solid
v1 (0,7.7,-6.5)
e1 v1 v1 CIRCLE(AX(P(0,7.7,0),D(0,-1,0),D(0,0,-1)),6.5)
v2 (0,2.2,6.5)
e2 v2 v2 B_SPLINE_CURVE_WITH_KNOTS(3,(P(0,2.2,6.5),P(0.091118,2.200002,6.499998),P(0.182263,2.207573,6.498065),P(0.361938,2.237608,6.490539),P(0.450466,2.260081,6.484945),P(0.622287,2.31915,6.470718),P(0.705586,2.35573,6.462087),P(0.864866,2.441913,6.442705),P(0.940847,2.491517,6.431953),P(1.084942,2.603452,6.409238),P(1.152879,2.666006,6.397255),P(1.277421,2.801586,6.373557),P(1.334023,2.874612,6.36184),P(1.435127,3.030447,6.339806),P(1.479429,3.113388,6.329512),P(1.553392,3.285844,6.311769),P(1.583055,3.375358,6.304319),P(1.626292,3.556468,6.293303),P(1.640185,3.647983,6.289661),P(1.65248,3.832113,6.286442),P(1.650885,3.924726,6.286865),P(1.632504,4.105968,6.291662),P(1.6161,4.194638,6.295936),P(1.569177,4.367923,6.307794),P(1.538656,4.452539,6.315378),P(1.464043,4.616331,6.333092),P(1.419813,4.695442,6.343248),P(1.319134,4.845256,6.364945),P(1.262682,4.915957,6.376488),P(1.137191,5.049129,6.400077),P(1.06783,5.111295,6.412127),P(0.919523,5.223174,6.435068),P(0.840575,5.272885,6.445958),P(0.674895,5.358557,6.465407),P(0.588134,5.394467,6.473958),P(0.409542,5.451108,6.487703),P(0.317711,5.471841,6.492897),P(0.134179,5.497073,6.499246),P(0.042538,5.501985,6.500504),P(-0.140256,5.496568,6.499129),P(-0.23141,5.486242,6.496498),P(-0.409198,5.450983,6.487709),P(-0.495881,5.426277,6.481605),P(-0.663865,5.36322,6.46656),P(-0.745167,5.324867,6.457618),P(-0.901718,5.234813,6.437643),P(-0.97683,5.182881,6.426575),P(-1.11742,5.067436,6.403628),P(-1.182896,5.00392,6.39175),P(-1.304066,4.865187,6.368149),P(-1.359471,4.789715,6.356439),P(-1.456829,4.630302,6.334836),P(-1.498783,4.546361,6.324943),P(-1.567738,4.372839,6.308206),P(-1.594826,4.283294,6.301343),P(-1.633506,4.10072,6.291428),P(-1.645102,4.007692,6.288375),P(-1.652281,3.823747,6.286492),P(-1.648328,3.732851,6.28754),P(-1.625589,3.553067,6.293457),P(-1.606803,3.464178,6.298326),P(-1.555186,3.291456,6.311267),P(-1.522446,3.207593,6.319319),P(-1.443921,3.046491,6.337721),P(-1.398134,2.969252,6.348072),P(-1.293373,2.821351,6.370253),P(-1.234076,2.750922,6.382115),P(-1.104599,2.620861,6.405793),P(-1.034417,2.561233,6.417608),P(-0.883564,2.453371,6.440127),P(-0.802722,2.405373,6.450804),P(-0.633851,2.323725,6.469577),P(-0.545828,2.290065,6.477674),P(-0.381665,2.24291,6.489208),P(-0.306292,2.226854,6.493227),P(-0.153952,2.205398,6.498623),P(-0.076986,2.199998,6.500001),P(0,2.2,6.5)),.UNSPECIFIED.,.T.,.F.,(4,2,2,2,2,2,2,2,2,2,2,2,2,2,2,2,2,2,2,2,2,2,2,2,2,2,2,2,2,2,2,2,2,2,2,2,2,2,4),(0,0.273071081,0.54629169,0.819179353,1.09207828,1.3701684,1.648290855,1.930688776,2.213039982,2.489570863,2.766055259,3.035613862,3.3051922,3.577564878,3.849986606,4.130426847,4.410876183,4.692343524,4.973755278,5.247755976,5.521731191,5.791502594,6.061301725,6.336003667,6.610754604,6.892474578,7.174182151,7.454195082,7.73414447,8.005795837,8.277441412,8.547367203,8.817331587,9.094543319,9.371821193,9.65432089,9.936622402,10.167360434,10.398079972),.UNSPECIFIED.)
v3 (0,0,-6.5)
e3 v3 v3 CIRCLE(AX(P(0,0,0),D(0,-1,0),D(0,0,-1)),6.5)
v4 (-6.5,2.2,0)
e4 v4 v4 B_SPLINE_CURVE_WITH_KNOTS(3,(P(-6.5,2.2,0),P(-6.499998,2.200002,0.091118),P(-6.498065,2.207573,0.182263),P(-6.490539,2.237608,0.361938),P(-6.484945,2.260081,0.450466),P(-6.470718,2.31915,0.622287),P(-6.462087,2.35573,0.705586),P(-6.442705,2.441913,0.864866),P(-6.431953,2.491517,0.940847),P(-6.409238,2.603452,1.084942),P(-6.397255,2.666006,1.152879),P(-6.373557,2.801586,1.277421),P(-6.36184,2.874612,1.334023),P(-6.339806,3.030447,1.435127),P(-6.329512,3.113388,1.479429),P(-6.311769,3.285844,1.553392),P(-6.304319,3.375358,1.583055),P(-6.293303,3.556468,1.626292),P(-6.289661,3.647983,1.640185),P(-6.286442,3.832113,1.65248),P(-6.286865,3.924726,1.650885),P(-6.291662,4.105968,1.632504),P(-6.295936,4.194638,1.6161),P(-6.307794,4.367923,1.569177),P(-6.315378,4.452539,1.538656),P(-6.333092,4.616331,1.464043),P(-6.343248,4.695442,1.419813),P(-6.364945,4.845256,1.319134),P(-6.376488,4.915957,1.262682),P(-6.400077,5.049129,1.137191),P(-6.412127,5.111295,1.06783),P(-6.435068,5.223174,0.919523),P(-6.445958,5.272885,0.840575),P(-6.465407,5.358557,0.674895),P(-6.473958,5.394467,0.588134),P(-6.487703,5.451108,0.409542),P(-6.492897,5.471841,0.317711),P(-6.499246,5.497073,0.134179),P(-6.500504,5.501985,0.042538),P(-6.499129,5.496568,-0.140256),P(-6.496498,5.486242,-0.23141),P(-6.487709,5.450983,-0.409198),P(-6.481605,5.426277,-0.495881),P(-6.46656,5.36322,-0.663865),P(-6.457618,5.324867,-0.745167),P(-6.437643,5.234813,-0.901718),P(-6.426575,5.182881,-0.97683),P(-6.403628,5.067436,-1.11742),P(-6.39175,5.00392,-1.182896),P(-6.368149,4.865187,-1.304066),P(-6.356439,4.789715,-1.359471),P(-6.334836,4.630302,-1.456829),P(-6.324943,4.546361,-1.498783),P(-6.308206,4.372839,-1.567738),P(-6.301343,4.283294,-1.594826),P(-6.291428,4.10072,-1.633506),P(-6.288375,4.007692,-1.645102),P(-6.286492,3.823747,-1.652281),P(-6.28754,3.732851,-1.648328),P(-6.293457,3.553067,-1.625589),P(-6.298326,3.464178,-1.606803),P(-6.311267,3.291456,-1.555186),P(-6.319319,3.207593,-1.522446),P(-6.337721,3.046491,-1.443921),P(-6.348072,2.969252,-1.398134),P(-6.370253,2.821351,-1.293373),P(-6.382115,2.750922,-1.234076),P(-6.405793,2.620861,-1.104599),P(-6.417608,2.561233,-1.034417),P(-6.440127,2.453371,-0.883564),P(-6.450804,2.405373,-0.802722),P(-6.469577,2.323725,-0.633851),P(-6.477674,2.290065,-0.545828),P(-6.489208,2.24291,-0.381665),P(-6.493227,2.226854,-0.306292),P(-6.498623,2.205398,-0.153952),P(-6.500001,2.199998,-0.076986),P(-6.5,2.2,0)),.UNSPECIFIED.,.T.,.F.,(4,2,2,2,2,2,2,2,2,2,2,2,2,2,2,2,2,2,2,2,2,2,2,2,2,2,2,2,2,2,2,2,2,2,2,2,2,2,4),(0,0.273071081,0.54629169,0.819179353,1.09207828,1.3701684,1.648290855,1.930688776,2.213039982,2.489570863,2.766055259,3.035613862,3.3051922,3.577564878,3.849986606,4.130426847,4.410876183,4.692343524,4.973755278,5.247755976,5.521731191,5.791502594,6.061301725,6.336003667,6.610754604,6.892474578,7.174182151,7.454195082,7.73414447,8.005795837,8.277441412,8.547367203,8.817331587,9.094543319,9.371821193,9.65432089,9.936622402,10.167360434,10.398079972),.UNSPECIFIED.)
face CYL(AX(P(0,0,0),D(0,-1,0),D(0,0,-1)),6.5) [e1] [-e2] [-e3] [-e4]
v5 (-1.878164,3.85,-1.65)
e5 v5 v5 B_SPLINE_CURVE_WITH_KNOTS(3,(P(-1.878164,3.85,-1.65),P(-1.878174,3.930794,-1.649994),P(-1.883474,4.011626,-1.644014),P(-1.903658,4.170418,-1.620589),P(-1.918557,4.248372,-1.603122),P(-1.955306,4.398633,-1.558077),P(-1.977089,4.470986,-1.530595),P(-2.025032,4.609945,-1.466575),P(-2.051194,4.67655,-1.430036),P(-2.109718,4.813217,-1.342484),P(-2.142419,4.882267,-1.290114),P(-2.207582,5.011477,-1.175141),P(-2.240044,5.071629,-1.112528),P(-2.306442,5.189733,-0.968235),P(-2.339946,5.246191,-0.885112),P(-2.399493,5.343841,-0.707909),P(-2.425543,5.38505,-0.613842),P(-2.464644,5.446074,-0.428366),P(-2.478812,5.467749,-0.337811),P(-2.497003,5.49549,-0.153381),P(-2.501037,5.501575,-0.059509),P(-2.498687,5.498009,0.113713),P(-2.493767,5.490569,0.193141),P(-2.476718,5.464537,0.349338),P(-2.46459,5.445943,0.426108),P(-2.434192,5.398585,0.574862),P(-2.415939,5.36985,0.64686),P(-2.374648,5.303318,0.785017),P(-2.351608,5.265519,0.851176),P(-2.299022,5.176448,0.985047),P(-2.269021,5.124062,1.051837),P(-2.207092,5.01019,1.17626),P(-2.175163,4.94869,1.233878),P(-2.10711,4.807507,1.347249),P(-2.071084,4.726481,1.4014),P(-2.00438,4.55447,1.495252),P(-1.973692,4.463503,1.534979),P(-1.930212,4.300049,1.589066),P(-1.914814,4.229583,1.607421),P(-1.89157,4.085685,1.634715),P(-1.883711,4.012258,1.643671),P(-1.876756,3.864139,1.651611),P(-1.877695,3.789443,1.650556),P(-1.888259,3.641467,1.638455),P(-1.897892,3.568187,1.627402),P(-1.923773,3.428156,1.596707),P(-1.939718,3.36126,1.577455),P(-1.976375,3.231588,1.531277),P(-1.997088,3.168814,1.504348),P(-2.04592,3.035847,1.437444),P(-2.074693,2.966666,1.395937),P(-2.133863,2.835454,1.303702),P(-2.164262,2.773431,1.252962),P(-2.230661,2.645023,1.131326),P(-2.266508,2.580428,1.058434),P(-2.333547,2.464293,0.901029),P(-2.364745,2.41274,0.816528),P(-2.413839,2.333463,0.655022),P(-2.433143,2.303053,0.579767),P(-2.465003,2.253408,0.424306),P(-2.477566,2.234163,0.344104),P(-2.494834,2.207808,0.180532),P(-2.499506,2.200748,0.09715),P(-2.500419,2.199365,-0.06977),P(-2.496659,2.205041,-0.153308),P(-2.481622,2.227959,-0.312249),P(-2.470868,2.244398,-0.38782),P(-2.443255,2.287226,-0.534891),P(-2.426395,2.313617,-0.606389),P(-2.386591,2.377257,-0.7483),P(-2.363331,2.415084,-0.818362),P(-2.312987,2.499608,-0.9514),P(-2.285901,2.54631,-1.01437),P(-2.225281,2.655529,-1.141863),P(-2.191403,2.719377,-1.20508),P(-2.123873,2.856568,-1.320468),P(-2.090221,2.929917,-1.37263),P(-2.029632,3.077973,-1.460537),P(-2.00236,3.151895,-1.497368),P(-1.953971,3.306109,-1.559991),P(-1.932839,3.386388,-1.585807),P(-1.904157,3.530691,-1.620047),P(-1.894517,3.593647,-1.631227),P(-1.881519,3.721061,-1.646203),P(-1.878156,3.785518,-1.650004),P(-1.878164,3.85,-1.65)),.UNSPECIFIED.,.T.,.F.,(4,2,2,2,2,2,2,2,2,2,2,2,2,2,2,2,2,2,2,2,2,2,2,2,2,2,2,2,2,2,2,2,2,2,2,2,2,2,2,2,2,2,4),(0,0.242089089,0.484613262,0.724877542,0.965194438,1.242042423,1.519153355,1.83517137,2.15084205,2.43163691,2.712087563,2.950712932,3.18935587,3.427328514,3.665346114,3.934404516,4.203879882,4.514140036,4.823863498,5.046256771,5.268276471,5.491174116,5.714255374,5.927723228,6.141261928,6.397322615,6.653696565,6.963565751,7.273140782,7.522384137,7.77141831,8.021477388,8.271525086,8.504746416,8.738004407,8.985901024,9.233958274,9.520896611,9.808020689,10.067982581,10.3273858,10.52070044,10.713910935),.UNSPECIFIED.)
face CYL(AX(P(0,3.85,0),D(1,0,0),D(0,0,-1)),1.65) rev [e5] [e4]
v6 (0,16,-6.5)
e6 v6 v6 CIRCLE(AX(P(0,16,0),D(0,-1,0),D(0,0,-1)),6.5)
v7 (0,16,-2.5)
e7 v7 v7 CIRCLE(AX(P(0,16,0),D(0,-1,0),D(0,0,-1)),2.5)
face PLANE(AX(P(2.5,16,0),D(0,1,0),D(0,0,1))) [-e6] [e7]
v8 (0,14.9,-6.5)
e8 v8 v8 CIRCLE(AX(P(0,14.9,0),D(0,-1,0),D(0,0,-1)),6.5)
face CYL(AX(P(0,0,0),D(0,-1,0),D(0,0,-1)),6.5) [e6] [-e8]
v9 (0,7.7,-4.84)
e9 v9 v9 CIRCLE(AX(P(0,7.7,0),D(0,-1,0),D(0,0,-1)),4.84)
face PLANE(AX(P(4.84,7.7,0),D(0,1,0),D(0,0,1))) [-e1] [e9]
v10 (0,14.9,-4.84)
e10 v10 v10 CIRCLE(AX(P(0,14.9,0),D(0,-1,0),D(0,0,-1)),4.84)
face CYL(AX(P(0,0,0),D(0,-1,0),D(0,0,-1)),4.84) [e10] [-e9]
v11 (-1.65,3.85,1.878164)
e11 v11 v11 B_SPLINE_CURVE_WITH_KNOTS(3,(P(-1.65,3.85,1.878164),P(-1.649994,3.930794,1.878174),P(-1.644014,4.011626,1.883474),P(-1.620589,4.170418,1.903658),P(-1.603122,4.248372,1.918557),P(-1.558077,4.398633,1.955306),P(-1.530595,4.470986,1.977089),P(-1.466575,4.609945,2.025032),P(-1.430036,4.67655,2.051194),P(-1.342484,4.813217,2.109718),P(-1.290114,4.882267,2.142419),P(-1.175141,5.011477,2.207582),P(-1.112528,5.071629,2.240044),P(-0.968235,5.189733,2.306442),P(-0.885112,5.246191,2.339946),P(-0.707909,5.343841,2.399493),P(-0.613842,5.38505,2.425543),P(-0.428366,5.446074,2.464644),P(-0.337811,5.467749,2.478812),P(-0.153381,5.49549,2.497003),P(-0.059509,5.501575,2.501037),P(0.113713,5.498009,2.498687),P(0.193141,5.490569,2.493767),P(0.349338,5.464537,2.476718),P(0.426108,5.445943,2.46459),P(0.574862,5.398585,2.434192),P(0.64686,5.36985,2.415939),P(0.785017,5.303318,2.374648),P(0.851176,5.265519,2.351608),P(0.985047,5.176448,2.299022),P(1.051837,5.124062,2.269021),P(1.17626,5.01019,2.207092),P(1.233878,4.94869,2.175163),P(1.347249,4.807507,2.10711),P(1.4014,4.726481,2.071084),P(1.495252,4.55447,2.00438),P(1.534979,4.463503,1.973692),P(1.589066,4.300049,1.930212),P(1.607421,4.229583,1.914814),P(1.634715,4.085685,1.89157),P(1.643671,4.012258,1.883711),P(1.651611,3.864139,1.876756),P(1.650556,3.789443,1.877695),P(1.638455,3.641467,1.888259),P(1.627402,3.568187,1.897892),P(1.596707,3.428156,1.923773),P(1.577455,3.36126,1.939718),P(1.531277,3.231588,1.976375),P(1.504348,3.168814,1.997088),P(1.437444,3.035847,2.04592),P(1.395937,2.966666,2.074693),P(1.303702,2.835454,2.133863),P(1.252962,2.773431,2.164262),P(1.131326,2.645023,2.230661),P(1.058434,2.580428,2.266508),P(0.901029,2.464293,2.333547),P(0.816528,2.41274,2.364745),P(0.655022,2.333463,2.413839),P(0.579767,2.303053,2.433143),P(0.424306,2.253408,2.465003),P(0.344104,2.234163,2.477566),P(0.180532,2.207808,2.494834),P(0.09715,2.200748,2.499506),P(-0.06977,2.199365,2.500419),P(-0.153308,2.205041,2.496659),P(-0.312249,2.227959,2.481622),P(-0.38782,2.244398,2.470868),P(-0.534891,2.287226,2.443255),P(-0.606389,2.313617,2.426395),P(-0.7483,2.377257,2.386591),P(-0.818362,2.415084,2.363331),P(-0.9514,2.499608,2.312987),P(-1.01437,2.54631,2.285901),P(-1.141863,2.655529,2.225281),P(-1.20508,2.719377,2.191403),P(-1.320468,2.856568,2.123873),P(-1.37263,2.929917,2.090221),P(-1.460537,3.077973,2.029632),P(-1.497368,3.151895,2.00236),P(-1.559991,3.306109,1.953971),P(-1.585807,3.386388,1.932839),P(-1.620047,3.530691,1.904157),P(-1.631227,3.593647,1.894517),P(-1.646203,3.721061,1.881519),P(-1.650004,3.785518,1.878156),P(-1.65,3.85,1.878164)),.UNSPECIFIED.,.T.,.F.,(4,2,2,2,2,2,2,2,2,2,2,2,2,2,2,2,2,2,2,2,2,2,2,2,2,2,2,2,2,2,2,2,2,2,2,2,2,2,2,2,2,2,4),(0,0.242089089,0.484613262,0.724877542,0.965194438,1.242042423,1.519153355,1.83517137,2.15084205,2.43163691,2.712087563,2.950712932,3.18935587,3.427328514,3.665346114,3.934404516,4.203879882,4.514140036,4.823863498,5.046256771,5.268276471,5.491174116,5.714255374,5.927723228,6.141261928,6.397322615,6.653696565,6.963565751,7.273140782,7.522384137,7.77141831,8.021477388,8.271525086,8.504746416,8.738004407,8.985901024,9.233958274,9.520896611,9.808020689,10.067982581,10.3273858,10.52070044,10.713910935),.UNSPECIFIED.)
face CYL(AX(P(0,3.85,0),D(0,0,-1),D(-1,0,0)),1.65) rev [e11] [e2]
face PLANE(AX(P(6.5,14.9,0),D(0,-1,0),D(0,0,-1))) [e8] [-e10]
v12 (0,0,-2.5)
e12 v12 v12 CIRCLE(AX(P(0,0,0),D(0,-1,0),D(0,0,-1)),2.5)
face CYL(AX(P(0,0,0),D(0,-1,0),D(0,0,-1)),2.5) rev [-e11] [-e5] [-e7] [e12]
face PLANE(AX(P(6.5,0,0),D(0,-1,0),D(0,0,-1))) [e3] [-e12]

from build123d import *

# Parameters (mm, degrees)
ESQUISSE4_W                  = 1.65
ESQUISSE4_H                  = 6.5
R_P_TITION_CIRCULAIRE1_COUNT = 2
R_P_TITION_CIRCULAIRE1_ANGLE = 90


with BuildPart() as part:
    # Esquisse2 → Révolution1 (revolve)
    with BuildSketch(Plane.XY):
        Polygon((2.5, 16), (6.5, 16), (6.5, 14.9), (4.84, 14.9), (4.84, 7.7), (6.5, 7.7), (6.5, 0), (2.5, 0), align=None)
    revolve(axis=Axis((0, 0, 0), (0, 1, 0)))

    # Esquisse4 → Trou pour taraudage pour trou taraudé M41 (revolve, cut)
    with BuildSketch(Plane(origin=(0, 3.85, 0), x_dir=(0, 1, 0), z_dir=(1, 0, 0))):
        with Locations((0.825, 3.25)):
            Rectangle(ESQUISSE4_W, ESQUISSE4_H)
    trou_pour_taraudage_pour_trou_taraud_m4 = revolve(axis=Axis((0, 3.85, -6.35), (0, 0, 1)), mode=Mode.SUBTRACT)

    # Répétition circulaire1: Trou pour taraudage pour trou taraudé M41 ×2 about axis
    r_p_tition_circulaire1_axis = Axis((0, 16, 0), (0, -1, 0))
    for i in range(1, R_P_TITION_CIRCULAIRE1_COUNT):
        add(trou_pour_taraudage_pour_trou_taraud_m4.rotate(r_p_tition_circulaire1_axis, i * R_P_TITION_CIRCULAIRE1_ANGLE / (R_P_TITION_CIRCULAIRE1_COUNT - 1)), mode=Mode.SUBTRACT)


solid = part.part
